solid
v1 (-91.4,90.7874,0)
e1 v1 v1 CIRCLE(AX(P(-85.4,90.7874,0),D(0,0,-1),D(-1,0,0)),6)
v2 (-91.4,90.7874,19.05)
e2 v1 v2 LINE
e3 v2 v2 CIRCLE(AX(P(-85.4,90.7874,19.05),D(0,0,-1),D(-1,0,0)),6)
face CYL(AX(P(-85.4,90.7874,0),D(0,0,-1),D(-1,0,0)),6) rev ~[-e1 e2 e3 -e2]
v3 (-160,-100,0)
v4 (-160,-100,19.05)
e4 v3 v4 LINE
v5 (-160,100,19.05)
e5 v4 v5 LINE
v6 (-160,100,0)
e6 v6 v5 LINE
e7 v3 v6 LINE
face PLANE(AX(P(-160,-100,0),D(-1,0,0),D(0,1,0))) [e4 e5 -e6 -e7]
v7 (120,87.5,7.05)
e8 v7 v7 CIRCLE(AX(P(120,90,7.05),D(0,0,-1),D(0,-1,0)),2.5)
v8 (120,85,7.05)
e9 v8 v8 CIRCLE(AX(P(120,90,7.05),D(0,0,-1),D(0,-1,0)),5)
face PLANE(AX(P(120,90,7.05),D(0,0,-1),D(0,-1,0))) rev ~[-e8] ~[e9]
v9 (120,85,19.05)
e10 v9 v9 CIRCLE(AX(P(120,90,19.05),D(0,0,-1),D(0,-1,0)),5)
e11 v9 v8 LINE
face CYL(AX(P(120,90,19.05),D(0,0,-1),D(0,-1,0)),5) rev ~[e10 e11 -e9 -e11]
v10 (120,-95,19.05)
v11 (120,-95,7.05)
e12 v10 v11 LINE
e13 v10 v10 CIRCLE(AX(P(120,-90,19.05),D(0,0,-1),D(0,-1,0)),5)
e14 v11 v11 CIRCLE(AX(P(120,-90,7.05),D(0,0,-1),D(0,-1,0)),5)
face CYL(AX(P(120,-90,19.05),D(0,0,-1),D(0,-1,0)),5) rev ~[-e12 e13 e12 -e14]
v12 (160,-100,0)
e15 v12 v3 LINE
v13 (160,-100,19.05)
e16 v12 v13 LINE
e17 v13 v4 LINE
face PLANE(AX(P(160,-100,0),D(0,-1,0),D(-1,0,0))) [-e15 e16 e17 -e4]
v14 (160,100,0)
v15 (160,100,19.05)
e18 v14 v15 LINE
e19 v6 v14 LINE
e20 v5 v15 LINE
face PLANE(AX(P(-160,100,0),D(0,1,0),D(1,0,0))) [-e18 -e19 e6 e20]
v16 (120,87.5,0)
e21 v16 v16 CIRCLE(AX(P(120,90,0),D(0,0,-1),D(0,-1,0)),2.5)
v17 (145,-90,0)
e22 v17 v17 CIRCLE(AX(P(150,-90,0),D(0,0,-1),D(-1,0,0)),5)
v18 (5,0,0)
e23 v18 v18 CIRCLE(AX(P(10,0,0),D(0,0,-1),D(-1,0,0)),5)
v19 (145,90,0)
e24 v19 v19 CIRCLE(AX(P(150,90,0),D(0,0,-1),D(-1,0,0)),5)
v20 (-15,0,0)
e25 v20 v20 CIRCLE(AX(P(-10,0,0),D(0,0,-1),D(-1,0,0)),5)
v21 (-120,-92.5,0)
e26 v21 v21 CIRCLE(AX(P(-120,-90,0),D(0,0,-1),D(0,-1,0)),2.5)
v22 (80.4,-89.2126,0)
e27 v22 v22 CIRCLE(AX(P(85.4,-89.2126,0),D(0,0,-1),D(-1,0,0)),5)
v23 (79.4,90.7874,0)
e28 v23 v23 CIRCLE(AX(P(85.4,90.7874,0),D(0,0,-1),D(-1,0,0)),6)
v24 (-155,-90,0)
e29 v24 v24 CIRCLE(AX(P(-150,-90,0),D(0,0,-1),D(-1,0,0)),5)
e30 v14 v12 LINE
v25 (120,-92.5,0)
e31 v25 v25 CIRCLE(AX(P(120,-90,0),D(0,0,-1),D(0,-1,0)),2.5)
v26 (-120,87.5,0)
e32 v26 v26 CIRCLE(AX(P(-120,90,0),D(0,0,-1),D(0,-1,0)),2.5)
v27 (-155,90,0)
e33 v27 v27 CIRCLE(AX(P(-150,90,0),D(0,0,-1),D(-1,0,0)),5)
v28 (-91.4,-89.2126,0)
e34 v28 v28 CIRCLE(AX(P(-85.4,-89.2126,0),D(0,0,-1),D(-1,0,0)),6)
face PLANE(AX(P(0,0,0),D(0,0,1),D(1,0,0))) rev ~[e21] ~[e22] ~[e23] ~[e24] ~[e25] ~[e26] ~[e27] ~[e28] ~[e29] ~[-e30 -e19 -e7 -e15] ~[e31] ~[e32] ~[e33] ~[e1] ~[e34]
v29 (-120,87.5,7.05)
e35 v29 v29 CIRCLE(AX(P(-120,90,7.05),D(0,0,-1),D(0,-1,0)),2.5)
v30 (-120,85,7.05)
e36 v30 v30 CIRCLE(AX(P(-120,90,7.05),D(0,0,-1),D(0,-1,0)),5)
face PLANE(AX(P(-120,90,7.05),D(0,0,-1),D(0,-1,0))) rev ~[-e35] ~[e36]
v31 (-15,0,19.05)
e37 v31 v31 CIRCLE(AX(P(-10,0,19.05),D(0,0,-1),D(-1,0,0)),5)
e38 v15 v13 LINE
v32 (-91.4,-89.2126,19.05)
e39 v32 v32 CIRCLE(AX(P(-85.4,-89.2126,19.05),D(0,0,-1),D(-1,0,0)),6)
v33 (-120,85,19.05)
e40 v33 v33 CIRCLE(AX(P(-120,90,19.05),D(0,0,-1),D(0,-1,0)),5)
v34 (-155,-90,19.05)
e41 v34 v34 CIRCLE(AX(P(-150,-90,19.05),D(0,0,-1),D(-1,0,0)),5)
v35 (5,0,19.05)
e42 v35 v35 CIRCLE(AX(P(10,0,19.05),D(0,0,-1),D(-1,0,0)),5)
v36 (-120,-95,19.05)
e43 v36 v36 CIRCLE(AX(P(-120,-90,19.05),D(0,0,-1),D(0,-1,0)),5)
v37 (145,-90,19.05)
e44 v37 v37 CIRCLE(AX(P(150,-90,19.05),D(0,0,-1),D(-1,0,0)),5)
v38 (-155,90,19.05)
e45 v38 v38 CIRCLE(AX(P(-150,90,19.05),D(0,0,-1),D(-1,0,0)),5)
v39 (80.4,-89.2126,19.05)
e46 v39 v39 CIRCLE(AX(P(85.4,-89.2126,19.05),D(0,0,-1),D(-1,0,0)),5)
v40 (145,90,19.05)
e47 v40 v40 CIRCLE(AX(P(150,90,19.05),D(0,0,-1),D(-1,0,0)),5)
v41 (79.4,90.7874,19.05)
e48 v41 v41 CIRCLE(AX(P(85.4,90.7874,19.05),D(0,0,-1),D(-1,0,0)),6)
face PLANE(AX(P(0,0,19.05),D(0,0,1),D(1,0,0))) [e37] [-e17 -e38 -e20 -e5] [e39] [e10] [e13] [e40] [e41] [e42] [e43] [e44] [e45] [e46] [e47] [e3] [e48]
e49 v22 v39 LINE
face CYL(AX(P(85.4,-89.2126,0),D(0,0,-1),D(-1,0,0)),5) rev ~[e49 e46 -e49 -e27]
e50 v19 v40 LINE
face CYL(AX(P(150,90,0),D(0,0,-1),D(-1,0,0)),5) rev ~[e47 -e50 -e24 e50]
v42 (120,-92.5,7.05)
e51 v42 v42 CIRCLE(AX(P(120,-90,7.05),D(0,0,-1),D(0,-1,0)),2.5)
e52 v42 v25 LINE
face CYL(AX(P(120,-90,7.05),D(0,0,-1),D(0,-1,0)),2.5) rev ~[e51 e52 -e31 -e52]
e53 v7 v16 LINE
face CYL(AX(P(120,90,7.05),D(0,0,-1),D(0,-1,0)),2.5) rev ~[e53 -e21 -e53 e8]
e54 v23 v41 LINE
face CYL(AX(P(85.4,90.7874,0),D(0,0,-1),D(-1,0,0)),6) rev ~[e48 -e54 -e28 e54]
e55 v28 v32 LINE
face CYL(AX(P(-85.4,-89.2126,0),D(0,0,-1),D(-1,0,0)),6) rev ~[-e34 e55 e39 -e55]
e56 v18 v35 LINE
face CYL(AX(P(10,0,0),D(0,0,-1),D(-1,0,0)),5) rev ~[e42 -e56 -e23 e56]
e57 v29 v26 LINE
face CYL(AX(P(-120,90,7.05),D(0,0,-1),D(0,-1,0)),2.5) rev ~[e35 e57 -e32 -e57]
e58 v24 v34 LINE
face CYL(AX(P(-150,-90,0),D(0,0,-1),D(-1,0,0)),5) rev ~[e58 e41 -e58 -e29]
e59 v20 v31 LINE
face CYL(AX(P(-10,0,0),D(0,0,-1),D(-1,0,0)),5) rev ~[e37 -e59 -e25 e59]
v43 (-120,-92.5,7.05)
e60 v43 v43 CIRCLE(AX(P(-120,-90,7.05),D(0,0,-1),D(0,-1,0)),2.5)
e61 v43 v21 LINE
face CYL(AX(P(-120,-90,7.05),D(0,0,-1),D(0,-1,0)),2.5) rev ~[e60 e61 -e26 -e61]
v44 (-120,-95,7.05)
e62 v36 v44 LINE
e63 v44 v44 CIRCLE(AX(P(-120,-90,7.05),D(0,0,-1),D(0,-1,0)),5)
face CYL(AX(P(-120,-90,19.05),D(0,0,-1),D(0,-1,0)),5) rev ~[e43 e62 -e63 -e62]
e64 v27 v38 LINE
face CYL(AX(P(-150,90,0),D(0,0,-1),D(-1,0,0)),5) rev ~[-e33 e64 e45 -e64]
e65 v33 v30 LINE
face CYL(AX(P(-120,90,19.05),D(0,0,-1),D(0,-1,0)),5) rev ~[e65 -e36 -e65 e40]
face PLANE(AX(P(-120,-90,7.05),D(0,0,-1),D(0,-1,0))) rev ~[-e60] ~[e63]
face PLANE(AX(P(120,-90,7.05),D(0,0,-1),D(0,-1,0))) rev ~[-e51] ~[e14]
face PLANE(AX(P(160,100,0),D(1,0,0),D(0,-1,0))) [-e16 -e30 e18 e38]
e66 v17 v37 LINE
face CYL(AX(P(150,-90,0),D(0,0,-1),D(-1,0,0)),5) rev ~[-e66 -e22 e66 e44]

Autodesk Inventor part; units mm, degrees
ref_plane "YZ Plane" through (0, 0, 0) normal (1, 0, 0) x (0, 1, 0)
ref_plane "XZ Plane" through (0, 0, 0) normal (0, 1, 0) x (-1, 0, 0)
ref_plane "XY Plane" through (0, 0, 0) normal (0, 0, 1) x (1, 0, 0)
sketch "Sketch1" plane through (0, 0, 0) normal (0, 0, 1) x (1, 0, 0)
  line L0 (-160, 100) -> (160, 100)
  line L1 (160, 100) -> (160, -100)
  line L2 (160, -100) -> (-160, -100)
  line L3 (-160, -100) -> (-160, 100)
  point P0 (0, 0)
  dimension "d0" = 320
  dimension "d1" = 200
  dimension "d2" = 160
  dimension "d3" = 100
extrude "Extrusion1" add sketch "Sketch1" along normal blind 19.05
sketch "Sketch2" plane through (0, 0, 0) normal (0, 0, -1) x (-1, 0, 0)
  circle A0 centre (150, 90) radius 2.5 projected
  circle A1 centre (85.4, 90.7874) radius 2.0701 projected
  circle A2 centre (85.4, -89.2126) radius 2.5 projected
  circle A3 centre (150, -90) radius 2.5 projected
  circle A4 centre (10, 0) radius 2.067 projected
  circle A5 centre (-10, 0) radius 2.067 projected
  circle A6 centre (-85.4, -89.2126) radius 2.0701 projected
  circle A7 centre (-150, -90) radius 2.5 projected
  circle A8 centre (-85.4, 90.7874) radius 2.0701 projected
  circle A9 centre (-150, 90) radius 2.5 projected
  circle A10 centre (-150, -90) radius 5
  circle A11 centre (-85.4, -89.2126) radius 5
  circle A12 centre (-150, 90) radius 5
  circle A13 centre (-85.4, 90.7874) radius 6
  circle A14 centre (-10, 0) radius 5
  circle A15 centre (10, 0) radius 5
  circle A16 centre (85.4, 90.7874) radius 6
  circle A17 centre (150, 90) radius 5
  circle A18 centre (85.4, -89.2126) radius 6
  circle A19 centre (150, -90) radius 5
  point P0 (0, 0)
  dimension "d6" = 10
  dimension "d7" = 10
  dimension "d8" = 10
  dimension "d9" = 12
  dimension "d10" = 10
  dimension "d11" = 10
  dimension "d12" = 12
  dimension "d13" = 10
  dimension "d14" = 12
  dimension "d15" = 10
extrude "Extrusion2" cut sketch "Sketch2" against normal through all contours A0 | A1 | A2 | A3 | A4 | A5 | A6 | A7 | A8 | A9 | A10 | A11 | A12 | A13 | A14 | A15 | A16 | A17 | A18 | A19
sketch "Sketch5" plane through (0, 0, 19.05) normal (0, 0, 1) x (1, 0, 0)
  circle A0 centre (-120, 90) radius 2.75 projected
  circle A1 centre (-120, -90) radius 2.75 projected
  circle A2 centre (120, -90) radius 2.75 projected
  circle A3 centre (120, 90) radius 2.75 projected
  point P0 (0, 0)
hole "Hole1" at (-120, 90, 19.05) at (-120, -90, 19.05) at (120, -90, 19.05) at (120, 90, 19.05) direction (0, 0, -1) diameter 5 end through all counterbore diameter 10 counterbore depth 12
equation "\"d2\" = 0.5 * d0"
equation "\"d3\" = 0.5 * d1"
properties part number "wasteboard" material "Wood"
